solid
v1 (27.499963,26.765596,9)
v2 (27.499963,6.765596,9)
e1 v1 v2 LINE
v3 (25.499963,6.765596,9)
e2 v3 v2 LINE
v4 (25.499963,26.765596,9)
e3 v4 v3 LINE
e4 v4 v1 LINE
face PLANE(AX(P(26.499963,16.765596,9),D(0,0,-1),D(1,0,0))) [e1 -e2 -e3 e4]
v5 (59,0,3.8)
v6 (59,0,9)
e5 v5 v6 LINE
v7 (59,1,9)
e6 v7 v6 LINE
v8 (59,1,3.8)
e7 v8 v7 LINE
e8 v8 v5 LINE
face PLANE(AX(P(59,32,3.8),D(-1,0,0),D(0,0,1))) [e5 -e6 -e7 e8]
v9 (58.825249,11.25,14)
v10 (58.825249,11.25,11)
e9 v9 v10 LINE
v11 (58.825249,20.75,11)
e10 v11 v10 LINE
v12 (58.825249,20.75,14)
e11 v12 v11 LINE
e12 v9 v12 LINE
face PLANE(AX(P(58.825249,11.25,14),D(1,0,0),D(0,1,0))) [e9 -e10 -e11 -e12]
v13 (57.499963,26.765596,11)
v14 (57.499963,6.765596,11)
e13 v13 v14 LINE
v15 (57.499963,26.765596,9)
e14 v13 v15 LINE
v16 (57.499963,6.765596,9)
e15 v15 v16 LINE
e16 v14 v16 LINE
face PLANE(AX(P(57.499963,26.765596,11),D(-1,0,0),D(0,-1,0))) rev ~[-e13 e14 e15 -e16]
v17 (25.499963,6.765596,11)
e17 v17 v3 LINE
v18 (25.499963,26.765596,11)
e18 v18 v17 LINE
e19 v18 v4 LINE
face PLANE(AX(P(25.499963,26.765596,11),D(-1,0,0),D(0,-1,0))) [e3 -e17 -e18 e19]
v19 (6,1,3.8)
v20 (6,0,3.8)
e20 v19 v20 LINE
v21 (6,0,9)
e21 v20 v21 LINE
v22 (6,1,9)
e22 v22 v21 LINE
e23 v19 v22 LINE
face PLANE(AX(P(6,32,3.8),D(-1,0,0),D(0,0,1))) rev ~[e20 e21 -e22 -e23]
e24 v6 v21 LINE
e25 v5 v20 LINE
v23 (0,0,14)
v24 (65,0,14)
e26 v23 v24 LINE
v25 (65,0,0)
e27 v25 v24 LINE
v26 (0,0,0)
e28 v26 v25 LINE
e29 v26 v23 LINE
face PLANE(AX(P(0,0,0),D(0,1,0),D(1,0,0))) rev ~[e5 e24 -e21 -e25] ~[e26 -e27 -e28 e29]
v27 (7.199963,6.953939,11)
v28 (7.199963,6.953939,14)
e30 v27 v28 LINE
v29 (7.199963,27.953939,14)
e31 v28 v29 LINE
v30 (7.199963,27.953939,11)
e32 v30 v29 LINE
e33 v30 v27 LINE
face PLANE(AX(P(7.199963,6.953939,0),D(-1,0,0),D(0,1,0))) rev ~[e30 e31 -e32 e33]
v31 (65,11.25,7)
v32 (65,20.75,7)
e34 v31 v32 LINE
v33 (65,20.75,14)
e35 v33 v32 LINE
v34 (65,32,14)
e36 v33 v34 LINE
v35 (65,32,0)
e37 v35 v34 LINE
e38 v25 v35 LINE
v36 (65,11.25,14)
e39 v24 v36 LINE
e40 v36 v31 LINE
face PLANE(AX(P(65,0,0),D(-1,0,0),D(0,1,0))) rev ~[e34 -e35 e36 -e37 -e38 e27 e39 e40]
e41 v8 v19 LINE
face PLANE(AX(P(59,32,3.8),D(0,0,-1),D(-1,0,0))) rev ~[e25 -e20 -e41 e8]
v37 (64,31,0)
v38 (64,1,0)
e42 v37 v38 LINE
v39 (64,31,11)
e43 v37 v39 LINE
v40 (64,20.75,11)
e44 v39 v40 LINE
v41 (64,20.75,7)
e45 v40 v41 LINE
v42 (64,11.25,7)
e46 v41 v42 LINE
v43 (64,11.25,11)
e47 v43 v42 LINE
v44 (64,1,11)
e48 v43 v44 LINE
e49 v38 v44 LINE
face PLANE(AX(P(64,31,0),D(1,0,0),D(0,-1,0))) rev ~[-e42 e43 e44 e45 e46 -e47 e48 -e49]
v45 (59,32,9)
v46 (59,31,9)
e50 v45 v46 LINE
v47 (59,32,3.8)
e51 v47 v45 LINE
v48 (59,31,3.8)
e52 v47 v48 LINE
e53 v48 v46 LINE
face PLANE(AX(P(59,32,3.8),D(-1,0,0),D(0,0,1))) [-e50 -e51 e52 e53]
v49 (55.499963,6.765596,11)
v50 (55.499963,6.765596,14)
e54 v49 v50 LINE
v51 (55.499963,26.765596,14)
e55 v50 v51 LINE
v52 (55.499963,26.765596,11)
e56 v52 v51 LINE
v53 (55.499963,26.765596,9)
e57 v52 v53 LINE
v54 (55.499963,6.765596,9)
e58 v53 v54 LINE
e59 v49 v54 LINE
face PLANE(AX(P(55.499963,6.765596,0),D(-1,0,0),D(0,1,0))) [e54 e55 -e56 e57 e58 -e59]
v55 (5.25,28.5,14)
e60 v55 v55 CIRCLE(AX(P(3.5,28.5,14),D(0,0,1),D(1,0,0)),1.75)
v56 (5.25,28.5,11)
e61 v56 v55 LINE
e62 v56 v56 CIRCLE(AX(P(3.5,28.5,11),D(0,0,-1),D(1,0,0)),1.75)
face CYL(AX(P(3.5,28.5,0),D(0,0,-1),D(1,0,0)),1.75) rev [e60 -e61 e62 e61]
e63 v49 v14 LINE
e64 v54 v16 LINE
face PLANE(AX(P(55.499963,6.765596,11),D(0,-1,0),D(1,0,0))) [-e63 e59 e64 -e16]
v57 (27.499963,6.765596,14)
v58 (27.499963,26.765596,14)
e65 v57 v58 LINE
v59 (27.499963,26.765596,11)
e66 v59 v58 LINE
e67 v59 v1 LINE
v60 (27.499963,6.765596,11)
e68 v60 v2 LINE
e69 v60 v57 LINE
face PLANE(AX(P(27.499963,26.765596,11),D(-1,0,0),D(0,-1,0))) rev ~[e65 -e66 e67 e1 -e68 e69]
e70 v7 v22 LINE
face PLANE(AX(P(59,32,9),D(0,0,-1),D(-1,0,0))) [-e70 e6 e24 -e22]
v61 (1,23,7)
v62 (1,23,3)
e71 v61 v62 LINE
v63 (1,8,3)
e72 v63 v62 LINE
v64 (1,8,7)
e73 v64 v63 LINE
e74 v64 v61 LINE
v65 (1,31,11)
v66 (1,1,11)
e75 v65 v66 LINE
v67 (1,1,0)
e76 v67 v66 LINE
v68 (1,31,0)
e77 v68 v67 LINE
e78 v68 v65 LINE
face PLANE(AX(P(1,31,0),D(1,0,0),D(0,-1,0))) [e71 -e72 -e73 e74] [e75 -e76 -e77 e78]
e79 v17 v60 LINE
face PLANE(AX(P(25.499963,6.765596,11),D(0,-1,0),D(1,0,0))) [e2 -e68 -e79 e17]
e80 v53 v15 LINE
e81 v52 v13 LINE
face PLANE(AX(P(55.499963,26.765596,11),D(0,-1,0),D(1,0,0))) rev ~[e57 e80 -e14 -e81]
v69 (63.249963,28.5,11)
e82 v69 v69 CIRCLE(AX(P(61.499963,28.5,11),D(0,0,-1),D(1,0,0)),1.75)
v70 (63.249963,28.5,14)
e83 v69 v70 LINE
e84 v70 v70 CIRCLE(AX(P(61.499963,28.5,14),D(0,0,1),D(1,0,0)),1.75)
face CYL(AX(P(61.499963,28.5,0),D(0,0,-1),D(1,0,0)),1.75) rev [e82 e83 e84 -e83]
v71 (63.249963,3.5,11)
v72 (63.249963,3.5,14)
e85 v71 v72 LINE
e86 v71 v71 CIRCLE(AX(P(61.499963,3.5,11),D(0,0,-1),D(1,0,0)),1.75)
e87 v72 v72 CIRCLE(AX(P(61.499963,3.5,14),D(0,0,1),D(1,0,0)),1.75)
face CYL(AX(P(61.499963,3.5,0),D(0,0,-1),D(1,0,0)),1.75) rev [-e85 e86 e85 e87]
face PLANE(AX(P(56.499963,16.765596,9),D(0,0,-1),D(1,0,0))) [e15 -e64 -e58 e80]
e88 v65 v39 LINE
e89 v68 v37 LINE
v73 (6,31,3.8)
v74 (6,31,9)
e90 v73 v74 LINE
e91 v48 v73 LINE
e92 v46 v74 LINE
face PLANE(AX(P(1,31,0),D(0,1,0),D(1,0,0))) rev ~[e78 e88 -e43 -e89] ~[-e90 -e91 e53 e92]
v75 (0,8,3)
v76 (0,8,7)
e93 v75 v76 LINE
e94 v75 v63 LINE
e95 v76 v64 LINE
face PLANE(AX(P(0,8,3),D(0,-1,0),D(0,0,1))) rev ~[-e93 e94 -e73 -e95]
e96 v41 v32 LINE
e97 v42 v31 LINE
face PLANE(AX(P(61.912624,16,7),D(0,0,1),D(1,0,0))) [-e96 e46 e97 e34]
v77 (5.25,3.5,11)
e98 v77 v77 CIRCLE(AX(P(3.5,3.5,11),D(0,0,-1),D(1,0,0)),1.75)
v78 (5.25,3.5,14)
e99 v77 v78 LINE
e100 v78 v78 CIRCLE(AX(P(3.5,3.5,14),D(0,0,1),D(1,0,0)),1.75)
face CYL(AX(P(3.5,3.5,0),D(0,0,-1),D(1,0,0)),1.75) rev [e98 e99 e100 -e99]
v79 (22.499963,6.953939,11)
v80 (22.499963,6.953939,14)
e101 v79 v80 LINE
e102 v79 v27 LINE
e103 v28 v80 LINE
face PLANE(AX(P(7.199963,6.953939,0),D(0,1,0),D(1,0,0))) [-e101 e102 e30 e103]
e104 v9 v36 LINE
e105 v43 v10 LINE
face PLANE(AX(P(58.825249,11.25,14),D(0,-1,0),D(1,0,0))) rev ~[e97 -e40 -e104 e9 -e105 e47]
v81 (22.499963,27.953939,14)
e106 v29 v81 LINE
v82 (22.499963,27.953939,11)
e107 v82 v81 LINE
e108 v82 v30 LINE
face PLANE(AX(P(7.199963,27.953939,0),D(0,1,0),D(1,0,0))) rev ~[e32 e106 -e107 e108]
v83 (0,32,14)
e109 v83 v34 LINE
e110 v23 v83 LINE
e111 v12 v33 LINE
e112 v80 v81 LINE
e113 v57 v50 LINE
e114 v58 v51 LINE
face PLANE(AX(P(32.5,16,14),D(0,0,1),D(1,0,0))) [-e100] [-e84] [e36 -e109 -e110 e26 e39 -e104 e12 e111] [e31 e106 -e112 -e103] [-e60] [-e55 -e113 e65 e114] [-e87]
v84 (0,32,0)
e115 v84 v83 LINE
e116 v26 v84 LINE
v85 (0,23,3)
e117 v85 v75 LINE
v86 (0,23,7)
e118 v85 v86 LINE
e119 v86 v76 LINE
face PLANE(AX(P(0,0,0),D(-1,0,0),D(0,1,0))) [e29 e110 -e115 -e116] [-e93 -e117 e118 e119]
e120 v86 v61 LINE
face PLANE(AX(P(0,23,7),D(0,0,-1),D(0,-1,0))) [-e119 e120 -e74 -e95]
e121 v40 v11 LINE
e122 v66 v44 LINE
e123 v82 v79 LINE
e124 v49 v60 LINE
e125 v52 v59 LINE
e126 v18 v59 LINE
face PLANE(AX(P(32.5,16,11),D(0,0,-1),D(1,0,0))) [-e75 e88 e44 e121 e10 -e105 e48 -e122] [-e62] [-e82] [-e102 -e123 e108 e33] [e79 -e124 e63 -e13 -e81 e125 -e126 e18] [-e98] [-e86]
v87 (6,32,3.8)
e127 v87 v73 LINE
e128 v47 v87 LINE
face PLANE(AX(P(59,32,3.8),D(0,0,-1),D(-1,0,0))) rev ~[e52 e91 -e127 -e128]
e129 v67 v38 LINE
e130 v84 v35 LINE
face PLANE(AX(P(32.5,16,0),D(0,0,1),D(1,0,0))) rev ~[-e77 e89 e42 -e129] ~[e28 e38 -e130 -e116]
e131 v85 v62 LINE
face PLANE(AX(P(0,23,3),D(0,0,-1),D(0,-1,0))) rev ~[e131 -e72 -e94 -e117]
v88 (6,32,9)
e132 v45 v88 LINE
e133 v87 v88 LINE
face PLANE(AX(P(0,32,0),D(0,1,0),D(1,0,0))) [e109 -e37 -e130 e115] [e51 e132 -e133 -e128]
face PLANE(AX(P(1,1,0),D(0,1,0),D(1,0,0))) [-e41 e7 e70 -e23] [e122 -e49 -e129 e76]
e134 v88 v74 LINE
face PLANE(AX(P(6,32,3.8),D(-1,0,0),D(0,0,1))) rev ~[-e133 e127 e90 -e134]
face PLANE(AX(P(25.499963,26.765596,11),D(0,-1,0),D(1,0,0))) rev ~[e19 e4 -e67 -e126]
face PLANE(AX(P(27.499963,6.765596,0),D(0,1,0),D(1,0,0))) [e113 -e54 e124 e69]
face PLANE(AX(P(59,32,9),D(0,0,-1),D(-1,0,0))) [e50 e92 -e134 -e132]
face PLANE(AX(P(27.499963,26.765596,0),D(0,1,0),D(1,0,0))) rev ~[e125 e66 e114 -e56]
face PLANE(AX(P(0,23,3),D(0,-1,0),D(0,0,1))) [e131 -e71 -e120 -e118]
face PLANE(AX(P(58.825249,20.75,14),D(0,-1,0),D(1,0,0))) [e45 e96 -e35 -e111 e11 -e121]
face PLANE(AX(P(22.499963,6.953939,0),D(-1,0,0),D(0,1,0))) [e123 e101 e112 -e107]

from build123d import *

# Parameters (mm, degrees)
SKETCH_W        = 65
SKETCH_H        = 32
SKETCH_R        = 1.75
SKETCH_W_2      = 28
SKETCH_H_2      = 20
SKETCH_W_3      = 15.3
SKETCH_H_3      = 21
PAD_DEPTH       = 14
SKETCH001_W     = 63
SKETCH001_H     = 30
POCKET_DEPTH    = 11
SKETCH002_W     = 6.174751
SKETCH002_H     = 9.5
POCKET001_DEPTH = 7
SKETCH004_W     = 2
SKETCH004_H     = 20
PAD001_DEPTH    = 2
SKETCH005_W     = 15
SKETCH005_H     = 4
POCKET002_DEPTH = 5
SKETCH003_W     = 53
SKETCH003_H     = 5.2
POCKET003_DEPTH = 32.0010000001


with BuildPart() as part:
    # Sketch → Pad (new body)
    with BuildSketch(Plane.XY):
        with Locations((32.5, 16)):
            Rectangle(SKETCH_W, SKETCH_H)
        with Locations((3.5, 28.5)):
            Circle(SKETCH_R, mode=Mode.SUBTRACT)
        with Locations((61.4999634499, 28.5)):
            Circle(SKETCH_R, mode=Mode.SUBTRACT)
        with Locations((3.5, 3.5)):
            Circle(SKETCH_R, mode=Mode.SUBTRACT)
        with Locations((61.4999634499, 3.5)):
            Circle(SKETCH_R, mode=Mode.SUBTRACT)
        with Locations((41.4999634499, 16.7655958753)):
            Rectangle(SKETCH_W_2, SKETCH_H_2, mode=Mode.SUBTRACT)
        with Locations((14.8499634499, 17.4539391628)):
            Rectangle(SKETCH_W_3, SKETCH_H_3, mode=Mode.SUBTRACT)
    extrude(amount=PAD_DEPTH)

    # Sketch001 → Pocket (cut)
    with BuildSketch(Plane(origin=(0, 0, 0), x_dir=(1, 0, 0), z_dir=(0, 0, -1))):
        with Locations((32.5, -16)):
            Rectangle(SKETCH001_W, SKETCH001_H)
    extrude(amount=-POCKET_DEPTH, mode=Mode.SUBTRACT)

    # Sketch002 → Pocket001 (cut)
    with BuildSketch(Plane.XY.offset(14)):
        with Locations((61.9126245, 16)):
            Rectangle(SKETCH002_W, SKETCH002_H)
    extrude(amount=-POCKET001_DEPTH, mode=Mode.SUBTRACT)

    # Sketch004 → Pad001 (new body)
    with BuildSketch(Plane(origin=(0, 0, 11), x_dir=(1, 0, 0), z_dir=(0, 0, -1))):
        with Locations((26.4999634499, -16.7655958753)):
            Rectangle(SKETCH004_W, SKETCH004_H)
        with Locations((56.4999634499, -16.7655958753)):
            Rectangle(SKETCH004_W, SKETCH004_H)
    extrude(amount=PAD001_DEPTH)

    # Sketch005 → Pocket002 (cut)
    with BuildSketch(Plane(origin=(0, 0, 0), x_dir=(0, -1, 0), z_dir=(-1, 0, 0))):
        with Locations((-15.5, 5)):
            Rectangle(SKETCH005_W, SKETCH005_H)
    extrude(amount=-POCKET002_DEPTH, mode=Mode.SUBTRACT)

    # Sketch003 → Pocket003 (cut, through all)
    with BuildSketch(Plane(origin=(0, 32, 0), x_dir=(-1, 0, 0), z_dir=(0, 1, 0))):
        with Locations((-32.5, 6.4)):
            Rectangle(SKETCH003_W, SKETCH003_H)
    extrude(amount=-POCKET003_DEPTH, mode=Mode.SUBTRACT)


solid = part.part
